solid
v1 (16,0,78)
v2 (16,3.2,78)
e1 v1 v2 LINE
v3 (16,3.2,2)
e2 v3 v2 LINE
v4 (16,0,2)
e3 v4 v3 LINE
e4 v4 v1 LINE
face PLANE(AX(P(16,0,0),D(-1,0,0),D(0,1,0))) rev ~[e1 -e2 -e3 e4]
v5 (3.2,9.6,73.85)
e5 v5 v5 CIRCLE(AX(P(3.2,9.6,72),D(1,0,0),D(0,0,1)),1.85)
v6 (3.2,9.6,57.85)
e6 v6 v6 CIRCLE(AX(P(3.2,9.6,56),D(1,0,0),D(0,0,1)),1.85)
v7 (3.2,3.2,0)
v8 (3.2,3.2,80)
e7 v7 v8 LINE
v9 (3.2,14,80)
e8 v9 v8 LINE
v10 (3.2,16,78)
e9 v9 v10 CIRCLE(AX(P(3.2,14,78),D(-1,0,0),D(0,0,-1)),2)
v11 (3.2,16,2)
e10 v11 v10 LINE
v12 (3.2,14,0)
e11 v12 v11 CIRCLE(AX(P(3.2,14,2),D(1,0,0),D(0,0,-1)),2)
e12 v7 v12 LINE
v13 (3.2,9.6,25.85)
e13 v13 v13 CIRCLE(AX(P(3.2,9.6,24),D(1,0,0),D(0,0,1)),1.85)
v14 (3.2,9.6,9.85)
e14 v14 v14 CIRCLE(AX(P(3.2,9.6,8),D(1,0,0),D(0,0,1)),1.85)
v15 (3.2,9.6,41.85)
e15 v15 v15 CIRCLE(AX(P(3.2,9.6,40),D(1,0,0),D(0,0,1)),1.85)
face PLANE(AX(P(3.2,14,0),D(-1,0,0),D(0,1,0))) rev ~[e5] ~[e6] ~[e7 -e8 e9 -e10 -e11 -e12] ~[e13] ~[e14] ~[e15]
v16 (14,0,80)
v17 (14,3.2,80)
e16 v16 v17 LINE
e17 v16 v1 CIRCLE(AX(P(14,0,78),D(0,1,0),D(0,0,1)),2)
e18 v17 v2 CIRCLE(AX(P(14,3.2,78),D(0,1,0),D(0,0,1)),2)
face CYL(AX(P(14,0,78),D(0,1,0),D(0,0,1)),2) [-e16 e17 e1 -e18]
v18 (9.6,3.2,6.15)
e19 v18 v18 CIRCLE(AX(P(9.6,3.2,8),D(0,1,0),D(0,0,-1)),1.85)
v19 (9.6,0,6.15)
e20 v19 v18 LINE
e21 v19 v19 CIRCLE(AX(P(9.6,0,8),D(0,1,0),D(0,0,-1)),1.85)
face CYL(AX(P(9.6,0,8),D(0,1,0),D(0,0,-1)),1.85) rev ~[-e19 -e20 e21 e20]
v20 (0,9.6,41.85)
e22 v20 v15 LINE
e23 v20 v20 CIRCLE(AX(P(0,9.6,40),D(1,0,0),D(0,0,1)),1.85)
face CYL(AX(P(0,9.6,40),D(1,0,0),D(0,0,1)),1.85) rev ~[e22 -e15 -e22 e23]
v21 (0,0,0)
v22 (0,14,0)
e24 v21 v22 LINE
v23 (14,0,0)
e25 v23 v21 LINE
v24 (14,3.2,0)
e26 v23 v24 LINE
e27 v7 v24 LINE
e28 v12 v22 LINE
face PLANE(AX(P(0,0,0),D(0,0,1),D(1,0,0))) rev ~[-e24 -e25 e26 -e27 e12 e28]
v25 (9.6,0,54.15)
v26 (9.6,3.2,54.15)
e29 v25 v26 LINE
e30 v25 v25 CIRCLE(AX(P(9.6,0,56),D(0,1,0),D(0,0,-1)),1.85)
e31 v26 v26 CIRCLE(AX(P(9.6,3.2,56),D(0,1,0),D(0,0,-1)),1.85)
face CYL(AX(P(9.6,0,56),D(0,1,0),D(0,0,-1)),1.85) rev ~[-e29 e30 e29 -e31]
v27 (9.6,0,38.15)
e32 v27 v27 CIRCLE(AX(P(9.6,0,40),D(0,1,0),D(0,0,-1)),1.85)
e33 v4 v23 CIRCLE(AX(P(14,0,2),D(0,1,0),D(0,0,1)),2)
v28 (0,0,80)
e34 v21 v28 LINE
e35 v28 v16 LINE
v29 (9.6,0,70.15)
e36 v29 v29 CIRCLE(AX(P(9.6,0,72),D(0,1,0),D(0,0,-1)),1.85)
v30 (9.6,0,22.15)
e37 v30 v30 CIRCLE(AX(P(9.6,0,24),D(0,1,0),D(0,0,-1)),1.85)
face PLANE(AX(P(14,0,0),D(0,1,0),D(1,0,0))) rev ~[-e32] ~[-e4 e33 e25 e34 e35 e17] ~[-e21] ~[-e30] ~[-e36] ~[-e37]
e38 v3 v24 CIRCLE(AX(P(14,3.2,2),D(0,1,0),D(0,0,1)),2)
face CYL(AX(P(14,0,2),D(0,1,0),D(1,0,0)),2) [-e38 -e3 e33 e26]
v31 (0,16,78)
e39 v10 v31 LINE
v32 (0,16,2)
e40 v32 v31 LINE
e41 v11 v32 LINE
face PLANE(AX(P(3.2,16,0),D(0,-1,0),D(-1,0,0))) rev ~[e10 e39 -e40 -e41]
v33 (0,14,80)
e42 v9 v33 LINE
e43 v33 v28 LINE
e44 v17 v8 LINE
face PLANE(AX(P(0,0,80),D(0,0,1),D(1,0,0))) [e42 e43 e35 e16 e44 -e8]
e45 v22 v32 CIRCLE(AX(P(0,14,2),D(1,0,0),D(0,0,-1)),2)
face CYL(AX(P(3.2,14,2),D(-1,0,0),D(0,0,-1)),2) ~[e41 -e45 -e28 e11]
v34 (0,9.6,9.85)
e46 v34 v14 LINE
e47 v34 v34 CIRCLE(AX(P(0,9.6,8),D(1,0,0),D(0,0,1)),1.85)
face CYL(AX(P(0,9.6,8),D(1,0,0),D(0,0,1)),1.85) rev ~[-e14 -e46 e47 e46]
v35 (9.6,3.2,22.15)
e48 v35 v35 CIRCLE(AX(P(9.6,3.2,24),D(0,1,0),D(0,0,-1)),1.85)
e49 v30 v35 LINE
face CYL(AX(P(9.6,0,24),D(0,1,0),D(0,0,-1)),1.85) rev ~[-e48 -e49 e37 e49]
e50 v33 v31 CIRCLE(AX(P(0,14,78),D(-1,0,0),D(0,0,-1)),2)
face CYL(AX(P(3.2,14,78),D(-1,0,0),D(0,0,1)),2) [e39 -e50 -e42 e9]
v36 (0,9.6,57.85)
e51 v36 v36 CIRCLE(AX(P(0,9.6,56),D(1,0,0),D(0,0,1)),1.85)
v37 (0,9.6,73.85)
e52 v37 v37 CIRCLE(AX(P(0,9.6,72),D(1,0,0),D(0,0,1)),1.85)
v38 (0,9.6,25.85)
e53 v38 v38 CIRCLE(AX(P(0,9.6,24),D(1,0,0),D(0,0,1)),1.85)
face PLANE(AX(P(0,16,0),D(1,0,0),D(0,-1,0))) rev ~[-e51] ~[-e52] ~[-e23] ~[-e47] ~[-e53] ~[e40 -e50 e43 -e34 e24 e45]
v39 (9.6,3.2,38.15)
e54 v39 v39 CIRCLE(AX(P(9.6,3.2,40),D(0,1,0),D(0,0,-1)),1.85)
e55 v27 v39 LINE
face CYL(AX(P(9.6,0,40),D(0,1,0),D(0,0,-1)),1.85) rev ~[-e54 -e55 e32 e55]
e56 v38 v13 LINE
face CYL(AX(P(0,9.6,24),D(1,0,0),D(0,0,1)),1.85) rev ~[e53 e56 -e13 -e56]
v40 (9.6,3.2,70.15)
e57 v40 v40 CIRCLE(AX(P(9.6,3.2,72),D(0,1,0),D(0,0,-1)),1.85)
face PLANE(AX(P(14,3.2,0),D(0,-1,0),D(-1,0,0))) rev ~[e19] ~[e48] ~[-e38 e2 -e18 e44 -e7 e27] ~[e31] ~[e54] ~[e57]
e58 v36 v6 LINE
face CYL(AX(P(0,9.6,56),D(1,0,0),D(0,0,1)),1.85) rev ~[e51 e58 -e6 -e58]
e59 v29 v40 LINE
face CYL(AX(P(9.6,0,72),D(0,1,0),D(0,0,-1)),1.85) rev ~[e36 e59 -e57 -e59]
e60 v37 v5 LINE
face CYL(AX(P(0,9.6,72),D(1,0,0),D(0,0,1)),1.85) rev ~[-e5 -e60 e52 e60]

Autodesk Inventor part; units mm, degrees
ref_plane "FRONT" through (0, 0, 0) normal (0, 0, 1) x (1, 0, 0)
ref_plane "TOP" through (0, 0, 0) normal (0, 1, 0) x (-1, 0, 0)
ref_plane "RIGHT" through (0, 0, 0) normal (1, 0, 0) x (0, 1, 0)
ref_plane "Work Plane4" through (0, 0, 0) normal (0, 0, 1) x (1, 0, 0)
sketch "Sketch1" plane through (0, 0, 0) normal (0, 0, 1) x (1, 0, 0)
  line L0 (3.2, 16) -> (0, 16) projected
  line L1 (3.2, 3.2) -> (3.2, 14) projected
  line L2 (3.2, 14) -> (3.2, 16) projected
  line L3 (0, 16) -> (0, 14) projected
  line L4 (0, 14) -> (0, 0) projected
  line L5 (0, 0) -> (14, 0) projected
  line L6 (16, 0) -> (16, 3.2) projected
  line L7 (16, 3.2) -> (14, 3.2) projected
  line L8 (14, 3.2) -> (3.2, 3.2) projected
  line L9 (14, 0) -> (16, 0) projected
extrude "Extrusion1" add sketch "Sketch1" along normal blind 80
sketch "Sketch2" plane through (0, 0, 0) normal (-1, 0, 0) x (0, 0, 1)
  circle A0 centre (8, 9.6) radius 1.85 projected
  circle A1 centre (24, 9.6) radius 1.85 projected
  circle A2 centre (40, 9.6) radius 1.85 projected
  circle A3 centre (56, 9.6) radius 1.85 projected
  circle A4 centre (72, 9.6) radius 1.85 projected
  point P0 (0, 0)
hole "Hole1" at (0, 9.6, 8) at (0, 9.6, 24) at (0, 9.6, 40) at (0, 9.6, 56) at (0, 9.6, 72) direction (1, 0, 0) diameter 3.7 end through all
sketch "Sketch3" plane through (0, 0, 0) normal (0, -1, 0) x (1, 0, 0)
  circle A0 centre (9.6, 56) radius 1.85 projected
  circle A1 centre (9.6, 40) radius 1.85 projected
  circle A2 centre (9.6, 24) radius 1.85 projected
  circle A3 centre (9.6, 8) radius 1.85 projected
  circle A4 centre (9.6, 72) radius 1.85 projected
  point P0 (0, 0)
hole "Hole2" at (9.6, 0, 8) at (9.6, 0, 24) at (9.6, 0, 40) at (9.6, 0, 56) at (9.6, 0, 72) direction (0, 1, 0) diameter 3.7 end through all
fillet "Fillet1" radius 2 1 edges at (16, 1.6, 80)
fillet "Fillet2" radius 2 3 edges at (1.6, 16, 80) (1.6, 16, 0) (16, 1.6, 0)
properties part number "inside Angle beam"
